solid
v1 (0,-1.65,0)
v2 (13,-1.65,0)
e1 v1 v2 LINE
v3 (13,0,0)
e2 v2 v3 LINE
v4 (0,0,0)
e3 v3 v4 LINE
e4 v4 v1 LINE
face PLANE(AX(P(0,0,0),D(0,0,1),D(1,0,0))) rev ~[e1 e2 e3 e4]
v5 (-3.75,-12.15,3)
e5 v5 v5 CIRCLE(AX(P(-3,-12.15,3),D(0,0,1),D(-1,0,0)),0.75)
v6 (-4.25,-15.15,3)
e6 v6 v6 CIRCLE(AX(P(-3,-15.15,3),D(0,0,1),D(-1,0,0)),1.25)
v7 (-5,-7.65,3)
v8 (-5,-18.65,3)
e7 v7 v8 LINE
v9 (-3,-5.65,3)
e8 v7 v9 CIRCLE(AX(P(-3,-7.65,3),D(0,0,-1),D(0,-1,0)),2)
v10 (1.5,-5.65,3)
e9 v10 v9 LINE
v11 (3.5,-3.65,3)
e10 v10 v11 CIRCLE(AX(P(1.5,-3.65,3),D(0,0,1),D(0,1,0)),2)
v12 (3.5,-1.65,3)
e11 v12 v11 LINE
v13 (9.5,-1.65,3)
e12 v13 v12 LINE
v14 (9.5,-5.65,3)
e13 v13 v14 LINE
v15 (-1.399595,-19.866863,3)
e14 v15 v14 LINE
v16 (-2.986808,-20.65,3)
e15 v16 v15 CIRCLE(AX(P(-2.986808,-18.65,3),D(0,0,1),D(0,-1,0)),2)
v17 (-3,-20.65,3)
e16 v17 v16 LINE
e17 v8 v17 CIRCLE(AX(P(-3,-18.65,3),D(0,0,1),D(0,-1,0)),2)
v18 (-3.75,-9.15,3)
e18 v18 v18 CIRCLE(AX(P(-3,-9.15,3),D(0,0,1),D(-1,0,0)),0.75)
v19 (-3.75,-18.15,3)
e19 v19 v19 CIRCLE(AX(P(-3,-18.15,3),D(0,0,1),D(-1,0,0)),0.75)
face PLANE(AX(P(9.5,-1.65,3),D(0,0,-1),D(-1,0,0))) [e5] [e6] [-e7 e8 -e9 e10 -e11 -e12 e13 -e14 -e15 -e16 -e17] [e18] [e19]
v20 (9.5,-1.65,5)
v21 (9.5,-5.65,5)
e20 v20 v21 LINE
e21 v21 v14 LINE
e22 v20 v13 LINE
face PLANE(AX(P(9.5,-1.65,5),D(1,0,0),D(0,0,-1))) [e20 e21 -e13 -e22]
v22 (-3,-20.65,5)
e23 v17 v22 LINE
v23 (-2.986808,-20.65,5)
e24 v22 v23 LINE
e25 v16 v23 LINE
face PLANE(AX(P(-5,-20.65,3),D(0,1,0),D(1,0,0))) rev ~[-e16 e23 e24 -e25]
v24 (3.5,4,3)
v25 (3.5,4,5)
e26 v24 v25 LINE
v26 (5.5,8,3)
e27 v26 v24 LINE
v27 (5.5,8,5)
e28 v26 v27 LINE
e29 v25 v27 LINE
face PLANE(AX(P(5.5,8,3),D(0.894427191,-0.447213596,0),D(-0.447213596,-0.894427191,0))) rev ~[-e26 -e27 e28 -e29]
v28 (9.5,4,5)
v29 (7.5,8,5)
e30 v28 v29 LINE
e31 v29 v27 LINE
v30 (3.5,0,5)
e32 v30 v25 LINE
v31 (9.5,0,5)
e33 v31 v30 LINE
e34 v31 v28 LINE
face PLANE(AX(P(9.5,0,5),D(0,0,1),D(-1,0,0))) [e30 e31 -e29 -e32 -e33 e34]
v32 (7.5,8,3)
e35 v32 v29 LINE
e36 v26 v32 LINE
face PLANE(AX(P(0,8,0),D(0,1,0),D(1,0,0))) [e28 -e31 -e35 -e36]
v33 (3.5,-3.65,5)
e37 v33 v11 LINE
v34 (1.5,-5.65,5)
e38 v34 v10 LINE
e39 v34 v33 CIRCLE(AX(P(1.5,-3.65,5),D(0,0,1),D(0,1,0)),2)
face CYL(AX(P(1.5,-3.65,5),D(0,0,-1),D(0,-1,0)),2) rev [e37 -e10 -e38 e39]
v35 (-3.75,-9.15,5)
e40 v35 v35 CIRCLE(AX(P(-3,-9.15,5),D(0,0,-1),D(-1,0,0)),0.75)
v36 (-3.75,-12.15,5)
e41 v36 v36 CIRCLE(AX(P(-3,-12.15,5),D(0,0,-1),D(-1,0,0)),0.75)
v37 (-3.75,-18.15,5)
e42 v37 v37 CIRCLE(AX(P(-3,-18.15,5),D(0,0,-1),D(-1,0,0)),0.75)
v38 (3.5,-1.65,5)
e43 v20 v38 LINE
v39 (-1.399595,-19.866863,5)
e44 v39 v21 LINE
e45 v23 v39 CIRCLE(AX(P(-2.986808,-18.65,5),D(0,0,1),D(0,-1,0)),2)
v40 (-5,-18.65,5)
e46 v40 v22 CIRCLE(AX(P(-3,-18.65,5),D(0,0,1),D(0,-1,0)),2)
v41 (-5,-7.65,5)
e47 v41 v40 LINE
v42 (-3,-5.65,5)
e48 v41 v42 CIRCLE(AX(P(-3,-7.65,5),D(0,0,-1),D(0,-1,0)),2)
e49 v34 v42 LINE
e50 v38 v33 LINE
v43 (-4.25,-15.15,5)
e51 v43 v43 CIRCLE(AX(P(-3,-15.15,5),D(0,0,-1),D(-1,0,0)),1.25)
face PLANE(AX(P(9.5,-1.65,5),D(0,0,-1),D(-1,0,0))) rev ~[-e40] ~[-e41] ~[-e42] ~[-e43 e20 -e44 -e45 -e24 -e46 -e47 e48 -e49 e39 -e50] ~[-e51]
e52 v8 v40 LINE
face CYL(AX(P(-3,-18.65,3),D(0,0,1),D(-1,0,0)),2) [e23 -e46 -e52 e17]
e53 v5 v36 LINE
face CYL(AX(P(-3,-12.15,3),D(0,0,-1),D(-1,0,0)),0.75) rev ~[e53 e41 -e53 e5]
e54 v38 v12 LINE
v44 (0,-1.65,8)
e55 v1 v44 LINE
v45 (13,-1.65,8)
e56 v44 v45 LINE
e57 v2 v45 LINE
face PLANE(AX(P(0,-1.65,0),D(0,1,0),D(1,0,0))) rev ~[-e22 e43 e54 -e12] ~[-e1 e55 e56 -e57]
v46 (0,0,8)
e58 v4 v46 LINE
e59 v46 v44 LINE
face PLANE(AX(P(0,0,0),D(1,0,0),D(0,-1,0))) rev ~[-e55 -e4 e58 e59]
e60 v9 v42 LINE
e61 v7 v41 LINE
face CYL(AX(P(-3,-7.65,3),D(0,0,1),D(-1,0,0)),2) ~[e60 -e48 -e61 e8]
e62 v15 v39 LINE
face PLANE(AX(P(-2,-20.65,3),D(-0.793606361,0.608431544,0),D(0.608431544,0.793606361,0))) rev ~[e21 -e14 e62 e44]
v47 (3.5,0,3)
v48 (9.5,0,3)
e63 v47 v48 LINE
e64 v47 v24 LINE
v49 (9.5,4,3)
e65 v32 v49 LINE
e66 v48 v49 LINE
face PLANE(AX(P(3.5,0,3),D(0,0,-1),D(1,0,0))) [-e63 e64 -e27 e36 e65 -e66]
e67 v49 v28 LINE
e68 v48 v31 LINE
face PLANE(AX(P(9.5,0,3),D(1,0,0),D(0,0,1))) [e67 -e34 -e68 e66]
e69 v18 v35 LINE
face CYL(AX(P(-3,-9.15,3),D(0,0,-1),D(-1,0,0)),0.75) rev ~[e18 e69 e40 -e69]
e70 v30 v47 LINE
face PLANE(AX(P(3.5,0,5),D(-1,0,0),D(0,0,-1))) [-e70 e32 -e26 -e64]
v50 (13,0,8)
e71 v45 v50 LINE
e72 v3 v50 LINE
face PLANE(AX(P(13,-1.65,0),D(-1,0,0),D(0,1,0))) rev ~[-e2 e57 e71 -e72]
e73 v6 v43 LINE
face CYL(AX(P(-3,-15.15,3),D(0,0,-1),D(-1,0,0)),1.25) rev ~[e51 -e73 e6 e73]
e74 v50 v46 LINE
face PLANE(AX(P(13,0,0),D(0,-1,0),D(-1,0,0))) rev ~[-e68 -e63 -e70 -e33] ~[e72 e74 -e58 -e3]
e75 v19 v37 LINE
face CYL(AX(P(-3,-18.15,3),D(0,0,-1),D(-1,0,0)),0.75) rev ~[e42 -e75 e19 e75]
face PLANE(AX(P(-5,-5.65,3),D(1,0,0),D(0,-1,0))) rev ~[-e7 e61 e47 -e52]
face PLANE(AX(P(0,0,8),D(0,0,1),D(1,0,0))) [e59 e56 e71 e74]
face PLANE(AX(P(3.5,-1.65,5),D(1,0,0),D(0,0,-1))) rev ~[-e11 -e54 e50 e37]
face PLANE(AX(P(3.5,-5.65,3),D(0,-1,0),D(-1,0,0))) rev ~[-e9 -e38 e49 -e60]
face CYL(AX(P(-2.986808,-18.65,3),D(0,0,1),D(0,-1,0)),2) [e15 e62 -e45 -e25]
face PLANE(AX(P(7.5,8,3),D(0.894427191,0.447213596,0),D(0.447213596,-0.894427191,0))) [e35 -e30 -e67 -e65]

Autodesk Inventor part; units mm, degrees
ref_plane "YZ Plane" through (0, 0, 0) normal (1, 0, 0) x (0, 1, 0)
ref_plane "XZ Plane" through (0, 0, 0) normal (0, 1, 0) x (-1, 0, 0)
ref_plane "XY Plane" through (0, 0, 0) normal (0, 0, 1) x (1, 0, 0)
sketch "Sketch1" plane through (0, 0, 0) normal (0, 0, 1) x (1, 0, 0)
  line L0 (0, 0) -> (0, -1.65)
  line L1 (0, -1.65) -> (13, -1.65)
  line L2 (13, -1.65) -> (13, 0)
  line L3 (13, 0) -> (0, 0)
  dimension "d1" = 1.65
  dimension "d2" = 13
extrude "Extrusion1" add sketch "Sketch1" along normal blind 8
sketch "Sketch3" plane through (0, 0, 0) normal (0, 1, 0) x (1, 0, 0)
  line L0 (0, 0) -> (13, 0) projected
  line L1 (0, -8) -> (13, -8) projected
  line L2 (0, 0) -> (0, -8) projected
  line L3 (0, 0) -> (0, -3)
  line L4 (0, -8) -> (0, -5)
  line L5 (13, 0) -> (13, -3)
  line L6 (13, 0) -> (13, -8) projected
  line L7 (13, -8) -> (13, -5)
  line L8 (3.5, -3) -> (9.5, -3)
  line L9 (9.5, -3) -> (9.5, -5)
  line L10 (9.5, -5) -> (3.5, -5)
  line L11 (3.5, -5) -> (3.5, -3)
  dimension "d9" = 3
  dimension "d10" = 3
  dimension "d13" = 3.5
  dimension "d14" = 3.5
extrude "Extrusion2" add sketch "Sketch3" along normal blind 8 contours L8 L9 L10 L11
sketch "Sketch4" plane through (0, -1.65, 0) normal (0, -1, 0) x (1, 0, 0)
  line L0 (13, 8) -> (0, 8) projected
  line L1 (13, 0) -> (13, 8) projected
  line L2 (13, 8) -> (13, 5)
  line L3 (13, 5) -> (13, 3)
  line L4 (9.5, 5) -> (3.5, 5) projected
  line L5 (3.5, 5) -> (3.5, 3) projected
  line L6 (3.5, 5) -> (9.5, 5)
  line L7 (9.5, 5) -> (9.5, 3)
  line L8 (9.5, 3) -> (3.5, 3)
  line L9 (3.5, 3) -> (3.5, 5)
extrude "Extrusion3" add sketch "Sketch4" along normal blind 4
sketch "Sketch6" plane through (9.5, -1.65, 3) normal (0, 0, -1) x (-1, 0, 0)
  line L0 (0, -4) -> (6, -4) projected
  line L1 (6, -4) -> (14.5, -4)
  line L2 (14.5, -4) -> (14.5, -19)
  line L3 (14.5, -19) -> (11.5, -19)
  line L4 (11.5, -19) -> (0, -4)
  point P0 (9.5, 1.65)
  dimension "d22" = 8.5
  dimension "d23" = 15
  dimension "d24" = 3
extrude "Extrusion4" add sketch "Sketch6" against normal blind 2
sketch "Sketch7" plane through (9.5, -1.65, 3) normal (0, 0, -1) x (-1, 0, 0)
  line L0 (6, -4) -> (14.5, -4) projected
  line L1 (14.5, -19) -> (12.5, -19)
  line L2 (14.5, -19) -> (11.5, -19) projected
  line L3 (12.5, -4) -> (12.5, -6.5)
  line L4 (12.5, -19) -> (12.5, -16.5)
  circle A0 centre (12.5, -16.5) radius 0.75
  line L5 (12.5, -16.5) -> (12.5, -13.5)
  circle A1 centre (12.5, -13.5) radius 1.25
  line L6 (12.5, -13.5) -> (12.5, -10.5)
  circle A2 centre (12.5, -10.5) radius 0.75
  line L7 (12.5, -10.5) -> (12.5, -7.5)
  circle A3 centre (12.5, -7.5) radius 0.75
  point P0 (9.5, 1.65)
  dimension "d31" = 2
  dimension "d45" = 2.5
  dimension "d46" = 2.5
  dimension "d47" = 1.5
  dimension "d48" = 3
  dimension "d49" = 2.5
  dimension "d50" = 3
  dimension "d51" = 1.5
  dimension "d52" = 3
  dimension "d53" = 1.5
fillet "Fillet1" radius 2 1 edges at (3.5, -5.65, 4)
fillet "Fillet2" radius 2 2 edges at (-2, -20.65, 4) (-5, -20.65, 4)
fillet "Fillet3" radius 2 1 edges at (-5, -5.65, 4)
extrude "Extrusion6" cut sketch "Sketch7" against normal blind 2
sketch "Sketch8" plane through (9.5, -1.65, 3) normal (0, 0, -1) x (-1, 0, 0)
  line L0 (0, 1.65) -> (0, 9.65) projected
  line L1 (0, 1.65) -> (0, 5.65)
  line L2 (0, 9.65) -> (2, 9.65)
  line L3 (6, 9.65) -> (4, 9.65)
  line L4 (6, 9.65) -> (0, 9.65) projected
  line L5 (-3.5, 1.65) -> (9.5, 1.65) projected
  line L6 (6, 1.65) -> (6, 5.65)
  line L7 (0, 9.65) -> (2, 9.65)
  line L8 (2, 9.65) -> (0, 5.65)
  line L9 (0, 5.65) -> (0, 9.65)
  line L10 (4, 9.65) -> (6, 5.65)
  line L11 (6, 1.65) -> (6, 9.65) projected
  line L12 (6, 9.65) -> (6, 5.65)
  line L13 (4, 9.65) -> (6, 9.65)
  dimension "d59" = 4
  dimension "d60" = 2
  dimension "d61" = 2
extrude "Extrusion7" cut sketch "Sketch8" against normal blind 10 contours L0 L2 L8 | L10 L3 L11
properties part number "Control Horn"
